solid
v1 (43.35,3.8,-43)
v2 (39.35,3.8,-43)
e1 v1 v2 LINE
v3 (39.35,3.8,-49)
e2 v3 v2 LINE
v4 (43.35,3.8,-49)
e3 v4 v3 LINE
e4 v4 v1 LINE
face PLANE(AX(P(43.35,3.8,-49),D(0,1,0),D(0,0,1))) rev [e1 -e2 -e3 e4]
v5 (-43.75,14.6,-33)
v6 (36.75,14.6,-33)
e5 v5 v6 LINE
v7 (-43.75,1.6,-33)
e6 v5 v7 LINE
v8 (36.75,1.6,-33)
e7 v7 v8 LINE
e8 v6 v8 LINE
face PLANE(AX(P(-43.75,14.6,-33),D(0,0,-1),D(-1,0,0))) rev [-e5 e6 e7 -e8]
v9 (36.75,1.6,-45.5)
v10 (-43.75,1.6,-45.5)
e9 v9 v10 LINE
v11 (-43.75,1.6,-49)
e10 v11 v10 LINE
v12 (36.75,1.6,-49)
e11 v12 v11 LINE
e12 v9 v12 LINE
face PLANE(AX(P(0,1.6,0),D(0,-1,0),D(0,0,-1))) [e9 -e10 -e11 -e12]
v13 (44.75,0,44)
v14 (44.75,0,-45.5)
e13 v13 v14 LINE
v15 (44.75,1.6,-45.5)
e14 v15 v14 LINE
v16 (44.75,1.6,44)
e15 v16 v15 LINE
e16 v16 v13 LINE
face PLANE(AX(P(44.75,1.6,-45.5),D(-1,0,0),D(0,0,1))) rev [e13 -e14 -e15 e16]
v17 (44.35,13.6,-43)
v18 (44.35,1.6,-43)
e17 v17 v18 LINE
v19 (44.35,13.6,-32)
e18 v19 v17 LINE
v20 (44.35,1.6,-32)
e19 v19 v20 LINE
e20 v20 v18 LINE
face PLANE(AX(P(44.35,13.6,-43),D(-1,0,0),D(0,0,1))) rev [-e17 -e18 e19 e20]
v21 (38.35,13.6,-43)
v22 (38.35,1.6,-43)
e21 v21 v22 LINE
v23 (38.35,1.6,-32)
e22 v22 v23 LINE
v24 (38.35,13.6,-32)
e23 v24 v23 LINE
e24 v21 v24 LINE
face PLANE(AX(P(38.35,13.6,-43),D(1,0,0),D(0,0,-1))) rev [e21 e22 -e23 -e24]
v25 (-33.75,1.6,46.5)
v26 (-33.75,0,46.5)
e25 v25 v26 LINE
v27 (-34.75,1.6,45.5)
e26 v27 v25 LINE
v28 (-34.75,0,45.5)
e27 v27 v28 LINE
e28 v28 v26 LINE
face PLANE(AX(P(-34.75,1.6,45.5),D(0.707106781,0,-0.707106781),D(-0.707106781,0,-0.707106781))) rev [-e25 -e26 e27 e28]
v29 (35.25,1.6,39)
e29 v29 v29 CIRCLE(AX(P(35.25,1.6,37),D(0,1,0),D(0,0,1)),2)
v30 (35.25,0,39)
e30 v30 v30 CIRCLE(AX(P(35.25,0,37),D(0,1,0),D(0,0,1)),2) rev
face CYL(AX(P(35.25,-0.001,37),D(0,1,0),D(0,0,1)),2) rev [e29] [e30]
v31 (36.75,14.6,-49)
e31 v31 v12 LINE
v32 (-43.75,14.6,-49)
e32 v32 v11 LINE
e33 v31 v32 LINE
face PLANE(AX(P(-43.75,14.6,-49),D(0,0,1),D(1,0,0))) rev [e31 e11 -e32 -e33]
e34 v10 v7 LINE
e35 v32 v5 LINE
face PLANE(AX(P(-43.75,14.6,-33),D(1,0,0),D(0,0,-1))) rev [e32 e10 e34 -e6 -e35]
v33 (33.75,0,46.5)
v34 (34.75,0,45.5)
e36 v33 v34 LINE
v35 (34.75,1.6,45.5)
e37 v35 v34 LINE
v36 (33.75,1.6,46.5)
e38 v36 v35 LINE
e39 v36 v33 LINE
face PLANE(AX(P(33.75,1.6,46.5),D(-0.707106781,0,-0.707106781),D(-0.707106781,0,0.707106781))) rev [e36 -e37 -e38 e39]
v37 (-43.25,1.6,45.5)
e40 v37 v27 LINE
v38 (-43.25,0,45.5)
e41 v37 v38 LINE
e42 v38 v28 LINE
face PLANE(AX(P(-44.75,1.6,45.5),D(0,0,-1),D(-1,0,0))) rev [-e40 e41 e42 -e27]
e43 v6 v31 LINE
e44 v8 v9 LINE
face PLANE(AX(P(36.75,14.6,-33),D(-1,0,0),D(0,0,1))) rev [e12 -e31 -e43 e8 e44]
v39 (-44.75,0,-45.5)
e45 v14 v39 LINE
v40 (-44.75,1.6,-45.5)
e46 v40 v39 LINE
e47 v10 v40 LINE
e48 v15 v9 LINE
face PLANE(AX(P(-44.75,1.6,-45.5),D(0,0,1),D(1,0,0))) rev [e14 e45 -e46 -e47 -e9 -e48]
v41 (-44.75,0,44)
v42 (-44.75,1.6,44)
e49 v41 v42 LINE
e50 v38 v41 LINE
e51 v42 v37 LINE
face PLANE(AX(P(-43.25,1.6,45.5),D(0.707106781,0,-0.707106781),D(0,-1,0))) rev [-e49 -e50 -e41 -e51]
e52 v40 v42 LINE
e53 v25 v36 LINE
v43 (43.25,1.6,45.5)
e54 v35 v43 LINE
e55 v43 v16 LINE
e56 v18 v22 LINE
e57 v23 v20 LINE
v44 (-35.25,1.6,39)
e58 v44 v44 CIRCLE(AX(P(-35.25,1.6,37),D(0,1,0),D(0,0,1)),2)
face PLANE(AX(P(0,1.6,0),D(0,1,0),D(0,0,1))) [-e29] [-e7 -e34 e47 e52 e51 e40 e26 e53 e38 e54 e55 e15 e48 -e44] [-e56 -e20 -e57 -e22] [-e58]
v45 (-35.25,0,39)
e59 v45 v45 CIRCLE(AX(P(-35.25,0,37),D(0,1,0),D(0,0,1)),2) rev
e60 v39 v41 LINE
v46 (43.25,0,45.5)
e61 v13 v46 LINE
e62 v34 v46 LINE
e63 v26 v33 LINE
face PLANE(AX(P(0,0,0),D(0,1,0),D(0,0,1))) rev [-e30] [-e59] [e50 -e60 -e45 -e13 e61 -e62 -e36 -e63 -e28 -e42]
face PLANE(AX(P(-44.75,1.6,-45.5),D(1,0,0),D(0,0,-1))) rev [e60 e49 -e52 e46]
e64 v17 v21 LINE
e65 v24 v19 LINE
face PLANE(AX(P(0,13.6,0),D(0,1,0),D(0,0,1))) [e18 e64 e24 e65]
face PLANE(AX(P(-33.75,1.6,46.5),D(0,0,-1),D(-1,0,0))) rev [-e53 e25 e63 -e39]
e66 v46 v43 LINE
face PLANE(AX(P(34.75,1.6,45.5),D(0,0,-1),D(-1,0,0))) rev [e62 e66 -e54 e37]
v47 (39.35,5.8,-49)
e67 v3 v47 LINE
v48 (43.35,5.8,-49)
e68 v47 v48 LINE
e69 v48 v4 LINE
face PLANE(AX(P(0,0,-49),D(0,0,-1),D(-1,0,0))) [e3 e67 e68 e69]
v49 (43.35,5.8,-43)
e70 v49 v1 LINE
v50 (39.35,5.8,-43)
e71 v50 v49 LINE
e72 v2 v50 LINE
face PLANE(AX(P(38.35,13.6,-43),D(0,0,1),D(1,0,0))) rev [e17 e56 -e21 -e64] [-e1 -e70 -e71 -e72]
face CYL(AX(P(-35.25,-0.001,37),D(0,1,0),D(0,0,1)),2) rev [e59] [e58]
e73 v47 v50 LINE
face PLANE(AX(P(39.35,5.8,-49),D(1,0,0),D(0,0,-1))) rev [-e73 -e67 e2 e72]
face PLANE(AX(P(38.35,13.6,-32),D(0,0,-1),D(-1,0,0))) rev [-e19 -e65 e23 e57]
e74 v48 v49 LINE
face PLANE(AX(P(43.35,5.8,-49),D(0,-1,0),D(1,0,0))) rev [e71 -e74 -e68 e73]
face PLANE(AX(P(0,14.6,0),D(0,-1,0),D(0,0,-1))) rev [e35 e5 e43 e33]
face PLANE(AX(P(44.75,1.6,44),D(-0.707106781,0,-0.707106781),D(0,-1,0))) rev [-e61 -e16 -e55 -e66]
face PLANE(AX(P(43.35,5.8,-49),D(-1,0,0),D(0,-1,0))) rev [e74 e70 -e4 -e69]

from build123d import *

# Parameters (mm, degrees)
BOSS_EXTRUDE1_DEPTH = 1.6
SKETCH2_W           = 80.5
SKETCH2_H           = 16
BOSS_EXTRUDE2_DEPTH = 13
CUT_EXTRUDE1_REACH  = 69.621
SKETCH3_R           = 2
CHAMFER1_SIZE       = 1.5
SKETCH4_W           = 6
SKETCH4_H           = 11
BOSS_EXTRUDE3_DEPTH = 12
SKETCH5_W           = 4
SKETCH5_H           = 2
BOSS_EXTRUDE4_DEPTH = 6


with BuildPart() as part:
    # Sketch1 → Boss-Extrude1 (new body)
    with BuildSketch(Plane(origin=(0, 0, 0), x_dir=(1, 0, 0), z_dir=(0, 1, 0))):
        Polygon((-44.75, 45.5), (44.75, 45.5), (44.75, -45.5), (34.75, -45.5), (33.75, -46.5), (-33.75, -46.5), (-34.75, -45.5), (-44.75, -45.5), align=None)
    extrude(amount=BOSS_EXTRUDE1_DEPTH)

    # Sketch2 → Boss-Extrude2 (add)
    with BuildSketch(Plane(origin=(0, 1.6, 0), x_dir=(1, 0, 0), z_dir=(0, 1, 0))):
        with Locations((-3.5, 41)):
            Rectangle(SKETCH2_W, SKETCH2_H)
    extrude(amount=BOSS_EXTRUDE2_DEPTH)

    # Sketch3 → Cut-Extrude1 (cut, up to next)
    with BuildSketch(Plane(origin=(0, 1.6, 0), x_dir=(1, 0, 0), z_dir=(0, 1, 0)), mode=Mode.PRIVATE) as cut_extrude1_sk1:
        with Locations(Location((-35.25, -37, 0), (0, 0, 270))):
            Circle(SKETCH3_R)
    cut_extrude1_tool1 = extrude(cut_extrude1_sk1.sketch, amount=-CUT_EXTRUDE1_REACH, mode=Mode.PRIVATE) & part.part
    # Sketch3 → Cut-Extrude1 (cut, up to next)
    with BuildSketch(Plane(origin=(0, 1.6, 0), x_dir=(1, 0, 0), z_dir=(0, 1, 0)), mode=Mode.PRIVATE) as cut_extrude1_sk2:
        with Locations(Location((35.25, -37, 0), (0, 0, 270))):
            Circle(SKETCH3_R)
    cut_extrude1_tool2 = extrude(cut_extrude1_sk2.sketch, amount=-CUT_EXTRUDE1_REACH, mode=Mode.PRIVATE) & part.part
    add(cut_extrude1_tool1.solids().sort_by_distance((-35.25, 1.6, 37))[0], mode=Mode.SUBTRACT)
    add(cut_extrude1_tool2.solids().sort_by_distance((35.25, 1.6, 37))[0], mode=Mode.SUBTRACT)

    # Chamfer1
    chamfer1_edges = [part.edges().sort_by_distance(p)[0] for p in [
        (44.75, 0.8, 45.5),
        (-44.75, 0.8, 45.5),
    ]]
    chamfer(chamfer1_edges, length=CHAMFER1_SIZE)

    # Sketch4 → Boss-Extrude3 (add)
    with BuildSketch(Plane(origin=(0, 1.6, 0), x_dir=(1, 0, 0), z_dir=(0, 1, 0))):
        with Locations((41.35, 37.5)):
            Rectangle(SKETCH4_W, SKETCH4_H)
    extrude(amount=BOSS_EXTRUDE3_DEPTH)

    # Sketch5 → Boss-Extrude4 (add)
    with BuildSketch(Plane(origin=(0, 0, -43), x_dir=(-1, 0, 0), z_dir=(0, 0, -1))):
        with Locations((-41.35, 4.8)):
            Rectangle(SKETCH5_W, SKETCH5_H)
    extrude(amount=BOSS_EXTRUDE4_DEPTH)


solid = part.part
